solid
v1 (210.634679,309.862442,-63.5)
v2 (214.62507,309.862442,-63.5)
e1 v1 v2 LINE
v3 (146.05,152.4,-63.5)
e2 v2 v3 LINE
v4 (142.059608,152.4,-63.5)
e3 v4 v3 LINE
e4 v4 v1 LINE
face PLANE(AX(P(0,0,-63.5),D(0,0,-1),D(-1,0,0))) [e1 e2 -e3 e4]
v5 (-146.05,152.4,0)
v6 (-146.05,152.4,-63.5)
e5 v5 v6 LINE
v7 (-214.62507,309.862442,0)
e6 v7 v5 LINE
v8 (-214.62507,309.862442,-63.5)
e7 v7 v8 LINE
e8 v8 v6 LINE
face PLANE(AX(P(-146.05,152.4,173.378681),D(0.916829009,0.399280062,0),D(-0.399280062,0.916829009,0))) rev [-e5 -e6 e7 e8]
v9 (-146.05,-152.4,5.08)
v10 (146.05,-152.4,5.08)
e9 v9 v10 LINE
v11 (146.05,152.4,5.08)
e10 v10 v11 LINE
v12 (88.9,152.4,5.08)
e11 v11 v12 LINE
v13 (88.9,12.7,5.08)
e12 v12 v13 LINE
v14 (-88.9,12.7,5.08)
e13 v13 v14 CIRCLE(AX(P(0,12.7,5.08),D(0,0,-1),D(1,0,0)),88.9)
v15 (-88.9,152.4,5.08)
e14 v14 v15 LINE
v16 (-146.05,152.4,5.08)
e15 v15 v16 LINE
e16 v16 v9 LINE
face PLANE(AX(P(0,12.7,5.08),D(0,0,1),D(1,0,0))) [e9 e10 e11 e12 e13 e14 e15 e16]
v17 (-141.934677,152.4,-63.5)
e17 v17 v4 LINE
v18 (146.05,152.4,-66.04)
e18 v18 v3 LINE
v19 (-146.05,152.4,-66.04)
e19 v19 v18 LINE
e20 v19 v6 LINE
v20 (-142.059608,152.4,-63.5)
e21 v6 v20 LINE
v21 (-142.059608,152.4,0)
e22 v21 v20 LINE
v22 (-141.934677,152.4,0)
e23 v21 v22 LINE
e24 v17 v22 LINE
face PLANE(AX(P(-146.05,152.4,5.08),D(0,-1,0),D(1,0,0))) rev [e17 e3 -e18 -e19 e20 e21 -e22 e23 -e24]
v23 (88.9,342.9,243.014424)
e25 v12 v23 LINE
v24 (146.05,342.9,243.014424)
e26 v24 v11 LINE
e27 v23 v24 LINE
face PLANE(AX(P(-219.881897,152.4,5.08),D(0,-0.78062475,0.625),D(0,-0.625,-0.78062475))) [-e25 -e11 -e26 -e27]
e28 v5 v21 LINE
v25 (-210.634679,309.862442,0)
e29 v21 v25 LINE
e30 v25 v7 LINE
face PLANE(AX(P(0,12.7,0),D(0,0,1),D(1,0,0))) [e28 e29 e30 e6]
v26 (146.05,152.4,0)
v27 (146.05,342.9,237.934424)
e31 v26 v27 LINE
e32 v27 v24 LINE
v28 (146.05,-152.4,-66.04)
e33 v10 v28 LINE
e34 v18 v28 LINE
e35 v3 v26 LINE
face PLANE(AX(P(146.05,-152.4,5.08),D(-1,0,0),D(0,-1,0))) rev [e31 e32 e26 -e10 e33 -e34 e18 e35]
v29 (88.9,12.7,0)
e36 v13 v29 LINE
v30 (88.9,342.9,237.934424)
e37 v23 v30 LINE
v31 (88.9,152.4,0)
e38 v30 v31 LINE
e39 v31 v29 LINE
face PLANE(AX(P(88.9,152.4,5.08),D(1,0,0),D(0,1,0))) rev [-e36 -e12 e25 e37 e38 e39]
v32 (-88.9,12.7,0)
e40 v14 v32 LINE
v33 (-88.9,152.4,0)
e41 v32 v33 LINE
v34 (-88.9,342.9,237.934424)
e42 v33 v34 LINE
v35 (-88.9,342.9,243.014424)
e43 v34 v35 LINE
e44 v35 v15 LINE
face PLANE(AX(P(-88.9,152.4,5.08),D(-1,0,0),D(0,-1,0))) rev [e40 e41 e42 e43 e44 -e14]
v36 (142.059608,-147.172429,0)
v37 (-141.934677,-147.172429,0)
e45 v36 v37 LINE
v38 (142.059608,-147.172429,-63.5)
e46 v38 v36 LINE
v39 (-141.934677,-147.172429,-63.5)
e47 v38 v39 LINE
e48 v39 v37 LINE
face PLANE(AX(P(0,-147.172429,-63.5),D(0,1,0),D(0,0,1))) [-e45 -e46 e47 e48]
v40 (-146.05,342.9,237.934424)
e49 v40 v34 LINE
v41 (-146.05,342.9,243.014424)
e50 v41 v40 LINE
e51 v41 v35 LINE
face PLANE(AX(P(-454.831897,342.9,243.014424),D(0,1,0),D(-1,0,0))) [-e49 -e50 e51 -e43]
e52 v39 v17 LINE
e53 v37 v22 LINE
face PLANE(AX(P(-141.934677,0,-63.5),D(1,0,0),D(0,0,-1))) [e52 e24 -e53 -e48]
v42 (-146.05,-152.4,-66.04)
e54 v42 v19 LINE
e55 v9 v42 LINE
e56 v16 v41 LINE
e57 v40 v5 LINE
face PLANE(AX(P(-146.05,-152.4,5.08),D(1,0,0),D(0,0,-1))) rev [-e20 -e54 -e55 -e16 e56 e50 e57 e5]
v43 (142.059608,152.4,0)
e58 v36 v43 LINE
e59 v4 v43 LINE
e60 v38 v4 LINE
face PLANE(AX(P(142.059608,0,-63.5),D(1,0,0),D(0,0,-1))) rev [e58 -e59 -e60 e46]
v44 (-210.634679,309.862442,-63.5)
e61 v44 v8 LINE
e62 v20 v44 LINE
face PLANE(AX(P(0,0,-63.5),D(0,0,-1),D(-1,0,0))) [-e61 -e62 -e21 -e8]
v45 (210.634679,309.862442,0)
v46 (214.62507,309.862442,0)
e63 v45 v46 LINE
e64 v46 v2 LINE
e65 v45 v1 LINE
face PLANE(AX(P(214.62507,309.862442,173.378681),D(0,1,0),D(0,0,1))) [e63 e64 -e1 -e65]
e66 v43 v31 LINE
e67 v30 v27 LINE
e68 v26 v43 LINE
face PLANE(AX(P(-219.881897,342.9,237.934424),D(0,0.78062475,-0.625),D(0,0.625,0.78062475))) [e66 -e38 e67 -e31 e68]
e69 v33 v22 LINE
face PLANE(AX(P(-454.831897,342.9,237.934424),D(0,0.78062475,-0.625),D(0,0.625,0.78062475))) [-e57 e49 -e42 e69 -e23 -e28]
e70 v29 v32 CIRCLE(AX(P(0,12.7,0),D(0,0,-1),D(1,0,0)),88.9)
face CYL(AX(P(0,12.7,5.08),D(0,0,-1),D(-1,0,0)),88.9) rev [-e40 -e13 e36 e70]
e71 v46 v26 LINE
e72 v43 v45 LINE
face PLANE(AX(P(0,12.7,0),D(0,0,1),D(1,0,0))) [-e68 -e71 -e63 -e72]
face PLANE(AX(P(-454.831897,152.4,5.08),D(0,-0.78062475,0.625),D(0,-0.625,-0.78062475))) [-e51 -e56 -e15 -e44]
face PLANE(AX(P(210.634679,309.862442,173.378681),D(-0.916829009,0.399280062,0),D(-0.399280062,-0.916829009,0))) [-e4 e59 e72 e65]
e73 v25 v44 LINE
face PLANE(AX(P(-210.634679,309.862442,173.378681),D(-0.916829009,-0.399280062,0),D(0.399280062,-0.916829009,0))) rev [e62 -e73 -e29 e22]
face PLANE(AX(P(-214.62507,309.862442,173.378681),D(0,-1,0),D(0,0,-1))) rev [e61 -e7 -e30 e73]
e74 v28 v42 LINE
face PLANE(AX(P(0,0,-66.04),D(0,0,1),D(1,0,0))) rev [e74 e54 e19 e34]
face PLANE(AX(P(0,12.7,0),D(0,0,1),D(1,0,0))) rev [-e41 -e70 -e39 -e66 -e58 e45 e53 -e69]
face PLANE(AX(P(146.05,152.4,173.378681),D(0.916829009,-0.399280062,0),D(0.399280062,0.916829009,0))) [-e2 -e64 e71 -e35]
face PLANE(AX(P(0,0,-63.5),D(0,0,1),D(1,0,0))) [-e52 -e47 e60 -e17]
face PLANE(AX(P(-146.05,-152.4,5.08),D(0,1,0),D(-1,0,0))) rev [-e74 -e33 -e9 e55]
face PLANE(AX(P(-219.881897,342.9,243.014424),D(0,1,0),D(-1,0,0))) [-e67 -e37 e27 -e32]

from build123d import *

# Parameters (mm, degrees)
BOSS_EXTRUDE1_DEPTH = 5.08
BOSS_EXTRUDE2_DEPTH = 57.15
BOSS_EXTRUDE3_DEPTH = 63.5
BOSS_EXTRUDE4_DEPTH = 63.5
BOSS_EXTRUDE5_DEPTH = 57.15
SKETCH7_W           = 292.1
SKETCH7_H           = 304.8
BOSS_EXTRUDE6_DEPTH = 2.54


with BuildPart() as part:
    # Sketch1 → Boss-Extrude1 (new body)
    with BuildSketch(Plane.XY):
        with BuildLine():
            Line((-88.9, 152.4), (-88.9, 12.7))
            ThreePointArc((-88.9, 12.7), (0, -76.2), (88.9, 12.7))
            Line((88.9, 12.7), (88.9, 152.4))
            Line((88.9, 152.4), (146.05, 152.4))
            Line((146.05, 152.4), (146.05, -152.4))
            Line((146.05, -152.4), (-146.05, -152.4))
            Line((-146.05, -152.4), (-146.05, 152.4))
            Line((-146.05, 152.4), (-88.9, 152.4))
        make_face()
    extrude(amount=BOSS_EXTRUDE1_DEPTH)

    # Sketch2 → Boss-Extrude2 (add)
    with BuildSketch(Plane(origin=(146.05, 0, 0), x_dir=(0, 0, -1), z_dir=(1, 0, 0))):
        Polygon((-5.08, 152.4), (-243.014423739, 342.9), (-237.934423739, 342.9), (0, 152.4), align=None)
    extrude(amount=-BOSS_EXTRUDE2_DEPTH)

    # Sketch3 → Boss-Extrude3 (add)
    with BuildSketch(Plane(origin=(0, 0, 0), x_dir=(-1, 0, 0), z_dir=(0, 0, -1))):
        Polygon((141.934676661, -147.172428926), (-142.059608363, -147.172428926), (-142.059608363, 152.4), (-146.05, 152.4), (-146.05, -152.4), (146.05, -152.4), (146.05, 152.4), (141.934676661, 152.4), align=None)
    extrude(amount=BOSS_EXTRUDE3_DEPTH)

    # Sketch4 → Boss-Extrude4 (add)
    with BuildSketch(Plane(origin=(0, 0, -63.5), x_dir=(-1, 0, 0), z_dir=(0, 0, -1))):
        Polygon((-146.05, 152.4), (-214.625070232, 309.862442089), (-210.634678595, 309.862442089), (-142.059608363, 152.4), align=None)
    boss_extrude4 = extrude(amount=-BOSS_EXTRUDE4_DEPTH)

    # Mirror3: Boss-Extrude4 across plane
    add(boss_extrude4.mirror(Plane(origin=(0, 0, 0), x_dir=(0, 0, 1), z_dir=(1, 0, 0))))

    # Sketch6 → Boss-Extrude5 (add)
    with BuildSketch(Plane(origin=(-88.9, 0, 0), x_dir=(0, 0, -1), z_dir=(1, 0, 0))):
        Polygon((-5.08, 152.4), (-243.014423739, 342.9), (-237.934423739, 342.9), (0, 152.4), align=None)
    extrude(amount=-BOSS_EXTRUDE5_DEPTH)

    # Sketch7 → Boss-Extrude6 (add)
    with BuildSketch(Plane(origin=(0, 0, -63.5), x_dir=(-1, 0, 0), z_dir=(0, 0, -1))):
        Rectangle(SKETCH7_W, SKETCH7_H)
    extrude(amount=BOSS_EXTRUDE6_DEPTH)


solid = part.part
